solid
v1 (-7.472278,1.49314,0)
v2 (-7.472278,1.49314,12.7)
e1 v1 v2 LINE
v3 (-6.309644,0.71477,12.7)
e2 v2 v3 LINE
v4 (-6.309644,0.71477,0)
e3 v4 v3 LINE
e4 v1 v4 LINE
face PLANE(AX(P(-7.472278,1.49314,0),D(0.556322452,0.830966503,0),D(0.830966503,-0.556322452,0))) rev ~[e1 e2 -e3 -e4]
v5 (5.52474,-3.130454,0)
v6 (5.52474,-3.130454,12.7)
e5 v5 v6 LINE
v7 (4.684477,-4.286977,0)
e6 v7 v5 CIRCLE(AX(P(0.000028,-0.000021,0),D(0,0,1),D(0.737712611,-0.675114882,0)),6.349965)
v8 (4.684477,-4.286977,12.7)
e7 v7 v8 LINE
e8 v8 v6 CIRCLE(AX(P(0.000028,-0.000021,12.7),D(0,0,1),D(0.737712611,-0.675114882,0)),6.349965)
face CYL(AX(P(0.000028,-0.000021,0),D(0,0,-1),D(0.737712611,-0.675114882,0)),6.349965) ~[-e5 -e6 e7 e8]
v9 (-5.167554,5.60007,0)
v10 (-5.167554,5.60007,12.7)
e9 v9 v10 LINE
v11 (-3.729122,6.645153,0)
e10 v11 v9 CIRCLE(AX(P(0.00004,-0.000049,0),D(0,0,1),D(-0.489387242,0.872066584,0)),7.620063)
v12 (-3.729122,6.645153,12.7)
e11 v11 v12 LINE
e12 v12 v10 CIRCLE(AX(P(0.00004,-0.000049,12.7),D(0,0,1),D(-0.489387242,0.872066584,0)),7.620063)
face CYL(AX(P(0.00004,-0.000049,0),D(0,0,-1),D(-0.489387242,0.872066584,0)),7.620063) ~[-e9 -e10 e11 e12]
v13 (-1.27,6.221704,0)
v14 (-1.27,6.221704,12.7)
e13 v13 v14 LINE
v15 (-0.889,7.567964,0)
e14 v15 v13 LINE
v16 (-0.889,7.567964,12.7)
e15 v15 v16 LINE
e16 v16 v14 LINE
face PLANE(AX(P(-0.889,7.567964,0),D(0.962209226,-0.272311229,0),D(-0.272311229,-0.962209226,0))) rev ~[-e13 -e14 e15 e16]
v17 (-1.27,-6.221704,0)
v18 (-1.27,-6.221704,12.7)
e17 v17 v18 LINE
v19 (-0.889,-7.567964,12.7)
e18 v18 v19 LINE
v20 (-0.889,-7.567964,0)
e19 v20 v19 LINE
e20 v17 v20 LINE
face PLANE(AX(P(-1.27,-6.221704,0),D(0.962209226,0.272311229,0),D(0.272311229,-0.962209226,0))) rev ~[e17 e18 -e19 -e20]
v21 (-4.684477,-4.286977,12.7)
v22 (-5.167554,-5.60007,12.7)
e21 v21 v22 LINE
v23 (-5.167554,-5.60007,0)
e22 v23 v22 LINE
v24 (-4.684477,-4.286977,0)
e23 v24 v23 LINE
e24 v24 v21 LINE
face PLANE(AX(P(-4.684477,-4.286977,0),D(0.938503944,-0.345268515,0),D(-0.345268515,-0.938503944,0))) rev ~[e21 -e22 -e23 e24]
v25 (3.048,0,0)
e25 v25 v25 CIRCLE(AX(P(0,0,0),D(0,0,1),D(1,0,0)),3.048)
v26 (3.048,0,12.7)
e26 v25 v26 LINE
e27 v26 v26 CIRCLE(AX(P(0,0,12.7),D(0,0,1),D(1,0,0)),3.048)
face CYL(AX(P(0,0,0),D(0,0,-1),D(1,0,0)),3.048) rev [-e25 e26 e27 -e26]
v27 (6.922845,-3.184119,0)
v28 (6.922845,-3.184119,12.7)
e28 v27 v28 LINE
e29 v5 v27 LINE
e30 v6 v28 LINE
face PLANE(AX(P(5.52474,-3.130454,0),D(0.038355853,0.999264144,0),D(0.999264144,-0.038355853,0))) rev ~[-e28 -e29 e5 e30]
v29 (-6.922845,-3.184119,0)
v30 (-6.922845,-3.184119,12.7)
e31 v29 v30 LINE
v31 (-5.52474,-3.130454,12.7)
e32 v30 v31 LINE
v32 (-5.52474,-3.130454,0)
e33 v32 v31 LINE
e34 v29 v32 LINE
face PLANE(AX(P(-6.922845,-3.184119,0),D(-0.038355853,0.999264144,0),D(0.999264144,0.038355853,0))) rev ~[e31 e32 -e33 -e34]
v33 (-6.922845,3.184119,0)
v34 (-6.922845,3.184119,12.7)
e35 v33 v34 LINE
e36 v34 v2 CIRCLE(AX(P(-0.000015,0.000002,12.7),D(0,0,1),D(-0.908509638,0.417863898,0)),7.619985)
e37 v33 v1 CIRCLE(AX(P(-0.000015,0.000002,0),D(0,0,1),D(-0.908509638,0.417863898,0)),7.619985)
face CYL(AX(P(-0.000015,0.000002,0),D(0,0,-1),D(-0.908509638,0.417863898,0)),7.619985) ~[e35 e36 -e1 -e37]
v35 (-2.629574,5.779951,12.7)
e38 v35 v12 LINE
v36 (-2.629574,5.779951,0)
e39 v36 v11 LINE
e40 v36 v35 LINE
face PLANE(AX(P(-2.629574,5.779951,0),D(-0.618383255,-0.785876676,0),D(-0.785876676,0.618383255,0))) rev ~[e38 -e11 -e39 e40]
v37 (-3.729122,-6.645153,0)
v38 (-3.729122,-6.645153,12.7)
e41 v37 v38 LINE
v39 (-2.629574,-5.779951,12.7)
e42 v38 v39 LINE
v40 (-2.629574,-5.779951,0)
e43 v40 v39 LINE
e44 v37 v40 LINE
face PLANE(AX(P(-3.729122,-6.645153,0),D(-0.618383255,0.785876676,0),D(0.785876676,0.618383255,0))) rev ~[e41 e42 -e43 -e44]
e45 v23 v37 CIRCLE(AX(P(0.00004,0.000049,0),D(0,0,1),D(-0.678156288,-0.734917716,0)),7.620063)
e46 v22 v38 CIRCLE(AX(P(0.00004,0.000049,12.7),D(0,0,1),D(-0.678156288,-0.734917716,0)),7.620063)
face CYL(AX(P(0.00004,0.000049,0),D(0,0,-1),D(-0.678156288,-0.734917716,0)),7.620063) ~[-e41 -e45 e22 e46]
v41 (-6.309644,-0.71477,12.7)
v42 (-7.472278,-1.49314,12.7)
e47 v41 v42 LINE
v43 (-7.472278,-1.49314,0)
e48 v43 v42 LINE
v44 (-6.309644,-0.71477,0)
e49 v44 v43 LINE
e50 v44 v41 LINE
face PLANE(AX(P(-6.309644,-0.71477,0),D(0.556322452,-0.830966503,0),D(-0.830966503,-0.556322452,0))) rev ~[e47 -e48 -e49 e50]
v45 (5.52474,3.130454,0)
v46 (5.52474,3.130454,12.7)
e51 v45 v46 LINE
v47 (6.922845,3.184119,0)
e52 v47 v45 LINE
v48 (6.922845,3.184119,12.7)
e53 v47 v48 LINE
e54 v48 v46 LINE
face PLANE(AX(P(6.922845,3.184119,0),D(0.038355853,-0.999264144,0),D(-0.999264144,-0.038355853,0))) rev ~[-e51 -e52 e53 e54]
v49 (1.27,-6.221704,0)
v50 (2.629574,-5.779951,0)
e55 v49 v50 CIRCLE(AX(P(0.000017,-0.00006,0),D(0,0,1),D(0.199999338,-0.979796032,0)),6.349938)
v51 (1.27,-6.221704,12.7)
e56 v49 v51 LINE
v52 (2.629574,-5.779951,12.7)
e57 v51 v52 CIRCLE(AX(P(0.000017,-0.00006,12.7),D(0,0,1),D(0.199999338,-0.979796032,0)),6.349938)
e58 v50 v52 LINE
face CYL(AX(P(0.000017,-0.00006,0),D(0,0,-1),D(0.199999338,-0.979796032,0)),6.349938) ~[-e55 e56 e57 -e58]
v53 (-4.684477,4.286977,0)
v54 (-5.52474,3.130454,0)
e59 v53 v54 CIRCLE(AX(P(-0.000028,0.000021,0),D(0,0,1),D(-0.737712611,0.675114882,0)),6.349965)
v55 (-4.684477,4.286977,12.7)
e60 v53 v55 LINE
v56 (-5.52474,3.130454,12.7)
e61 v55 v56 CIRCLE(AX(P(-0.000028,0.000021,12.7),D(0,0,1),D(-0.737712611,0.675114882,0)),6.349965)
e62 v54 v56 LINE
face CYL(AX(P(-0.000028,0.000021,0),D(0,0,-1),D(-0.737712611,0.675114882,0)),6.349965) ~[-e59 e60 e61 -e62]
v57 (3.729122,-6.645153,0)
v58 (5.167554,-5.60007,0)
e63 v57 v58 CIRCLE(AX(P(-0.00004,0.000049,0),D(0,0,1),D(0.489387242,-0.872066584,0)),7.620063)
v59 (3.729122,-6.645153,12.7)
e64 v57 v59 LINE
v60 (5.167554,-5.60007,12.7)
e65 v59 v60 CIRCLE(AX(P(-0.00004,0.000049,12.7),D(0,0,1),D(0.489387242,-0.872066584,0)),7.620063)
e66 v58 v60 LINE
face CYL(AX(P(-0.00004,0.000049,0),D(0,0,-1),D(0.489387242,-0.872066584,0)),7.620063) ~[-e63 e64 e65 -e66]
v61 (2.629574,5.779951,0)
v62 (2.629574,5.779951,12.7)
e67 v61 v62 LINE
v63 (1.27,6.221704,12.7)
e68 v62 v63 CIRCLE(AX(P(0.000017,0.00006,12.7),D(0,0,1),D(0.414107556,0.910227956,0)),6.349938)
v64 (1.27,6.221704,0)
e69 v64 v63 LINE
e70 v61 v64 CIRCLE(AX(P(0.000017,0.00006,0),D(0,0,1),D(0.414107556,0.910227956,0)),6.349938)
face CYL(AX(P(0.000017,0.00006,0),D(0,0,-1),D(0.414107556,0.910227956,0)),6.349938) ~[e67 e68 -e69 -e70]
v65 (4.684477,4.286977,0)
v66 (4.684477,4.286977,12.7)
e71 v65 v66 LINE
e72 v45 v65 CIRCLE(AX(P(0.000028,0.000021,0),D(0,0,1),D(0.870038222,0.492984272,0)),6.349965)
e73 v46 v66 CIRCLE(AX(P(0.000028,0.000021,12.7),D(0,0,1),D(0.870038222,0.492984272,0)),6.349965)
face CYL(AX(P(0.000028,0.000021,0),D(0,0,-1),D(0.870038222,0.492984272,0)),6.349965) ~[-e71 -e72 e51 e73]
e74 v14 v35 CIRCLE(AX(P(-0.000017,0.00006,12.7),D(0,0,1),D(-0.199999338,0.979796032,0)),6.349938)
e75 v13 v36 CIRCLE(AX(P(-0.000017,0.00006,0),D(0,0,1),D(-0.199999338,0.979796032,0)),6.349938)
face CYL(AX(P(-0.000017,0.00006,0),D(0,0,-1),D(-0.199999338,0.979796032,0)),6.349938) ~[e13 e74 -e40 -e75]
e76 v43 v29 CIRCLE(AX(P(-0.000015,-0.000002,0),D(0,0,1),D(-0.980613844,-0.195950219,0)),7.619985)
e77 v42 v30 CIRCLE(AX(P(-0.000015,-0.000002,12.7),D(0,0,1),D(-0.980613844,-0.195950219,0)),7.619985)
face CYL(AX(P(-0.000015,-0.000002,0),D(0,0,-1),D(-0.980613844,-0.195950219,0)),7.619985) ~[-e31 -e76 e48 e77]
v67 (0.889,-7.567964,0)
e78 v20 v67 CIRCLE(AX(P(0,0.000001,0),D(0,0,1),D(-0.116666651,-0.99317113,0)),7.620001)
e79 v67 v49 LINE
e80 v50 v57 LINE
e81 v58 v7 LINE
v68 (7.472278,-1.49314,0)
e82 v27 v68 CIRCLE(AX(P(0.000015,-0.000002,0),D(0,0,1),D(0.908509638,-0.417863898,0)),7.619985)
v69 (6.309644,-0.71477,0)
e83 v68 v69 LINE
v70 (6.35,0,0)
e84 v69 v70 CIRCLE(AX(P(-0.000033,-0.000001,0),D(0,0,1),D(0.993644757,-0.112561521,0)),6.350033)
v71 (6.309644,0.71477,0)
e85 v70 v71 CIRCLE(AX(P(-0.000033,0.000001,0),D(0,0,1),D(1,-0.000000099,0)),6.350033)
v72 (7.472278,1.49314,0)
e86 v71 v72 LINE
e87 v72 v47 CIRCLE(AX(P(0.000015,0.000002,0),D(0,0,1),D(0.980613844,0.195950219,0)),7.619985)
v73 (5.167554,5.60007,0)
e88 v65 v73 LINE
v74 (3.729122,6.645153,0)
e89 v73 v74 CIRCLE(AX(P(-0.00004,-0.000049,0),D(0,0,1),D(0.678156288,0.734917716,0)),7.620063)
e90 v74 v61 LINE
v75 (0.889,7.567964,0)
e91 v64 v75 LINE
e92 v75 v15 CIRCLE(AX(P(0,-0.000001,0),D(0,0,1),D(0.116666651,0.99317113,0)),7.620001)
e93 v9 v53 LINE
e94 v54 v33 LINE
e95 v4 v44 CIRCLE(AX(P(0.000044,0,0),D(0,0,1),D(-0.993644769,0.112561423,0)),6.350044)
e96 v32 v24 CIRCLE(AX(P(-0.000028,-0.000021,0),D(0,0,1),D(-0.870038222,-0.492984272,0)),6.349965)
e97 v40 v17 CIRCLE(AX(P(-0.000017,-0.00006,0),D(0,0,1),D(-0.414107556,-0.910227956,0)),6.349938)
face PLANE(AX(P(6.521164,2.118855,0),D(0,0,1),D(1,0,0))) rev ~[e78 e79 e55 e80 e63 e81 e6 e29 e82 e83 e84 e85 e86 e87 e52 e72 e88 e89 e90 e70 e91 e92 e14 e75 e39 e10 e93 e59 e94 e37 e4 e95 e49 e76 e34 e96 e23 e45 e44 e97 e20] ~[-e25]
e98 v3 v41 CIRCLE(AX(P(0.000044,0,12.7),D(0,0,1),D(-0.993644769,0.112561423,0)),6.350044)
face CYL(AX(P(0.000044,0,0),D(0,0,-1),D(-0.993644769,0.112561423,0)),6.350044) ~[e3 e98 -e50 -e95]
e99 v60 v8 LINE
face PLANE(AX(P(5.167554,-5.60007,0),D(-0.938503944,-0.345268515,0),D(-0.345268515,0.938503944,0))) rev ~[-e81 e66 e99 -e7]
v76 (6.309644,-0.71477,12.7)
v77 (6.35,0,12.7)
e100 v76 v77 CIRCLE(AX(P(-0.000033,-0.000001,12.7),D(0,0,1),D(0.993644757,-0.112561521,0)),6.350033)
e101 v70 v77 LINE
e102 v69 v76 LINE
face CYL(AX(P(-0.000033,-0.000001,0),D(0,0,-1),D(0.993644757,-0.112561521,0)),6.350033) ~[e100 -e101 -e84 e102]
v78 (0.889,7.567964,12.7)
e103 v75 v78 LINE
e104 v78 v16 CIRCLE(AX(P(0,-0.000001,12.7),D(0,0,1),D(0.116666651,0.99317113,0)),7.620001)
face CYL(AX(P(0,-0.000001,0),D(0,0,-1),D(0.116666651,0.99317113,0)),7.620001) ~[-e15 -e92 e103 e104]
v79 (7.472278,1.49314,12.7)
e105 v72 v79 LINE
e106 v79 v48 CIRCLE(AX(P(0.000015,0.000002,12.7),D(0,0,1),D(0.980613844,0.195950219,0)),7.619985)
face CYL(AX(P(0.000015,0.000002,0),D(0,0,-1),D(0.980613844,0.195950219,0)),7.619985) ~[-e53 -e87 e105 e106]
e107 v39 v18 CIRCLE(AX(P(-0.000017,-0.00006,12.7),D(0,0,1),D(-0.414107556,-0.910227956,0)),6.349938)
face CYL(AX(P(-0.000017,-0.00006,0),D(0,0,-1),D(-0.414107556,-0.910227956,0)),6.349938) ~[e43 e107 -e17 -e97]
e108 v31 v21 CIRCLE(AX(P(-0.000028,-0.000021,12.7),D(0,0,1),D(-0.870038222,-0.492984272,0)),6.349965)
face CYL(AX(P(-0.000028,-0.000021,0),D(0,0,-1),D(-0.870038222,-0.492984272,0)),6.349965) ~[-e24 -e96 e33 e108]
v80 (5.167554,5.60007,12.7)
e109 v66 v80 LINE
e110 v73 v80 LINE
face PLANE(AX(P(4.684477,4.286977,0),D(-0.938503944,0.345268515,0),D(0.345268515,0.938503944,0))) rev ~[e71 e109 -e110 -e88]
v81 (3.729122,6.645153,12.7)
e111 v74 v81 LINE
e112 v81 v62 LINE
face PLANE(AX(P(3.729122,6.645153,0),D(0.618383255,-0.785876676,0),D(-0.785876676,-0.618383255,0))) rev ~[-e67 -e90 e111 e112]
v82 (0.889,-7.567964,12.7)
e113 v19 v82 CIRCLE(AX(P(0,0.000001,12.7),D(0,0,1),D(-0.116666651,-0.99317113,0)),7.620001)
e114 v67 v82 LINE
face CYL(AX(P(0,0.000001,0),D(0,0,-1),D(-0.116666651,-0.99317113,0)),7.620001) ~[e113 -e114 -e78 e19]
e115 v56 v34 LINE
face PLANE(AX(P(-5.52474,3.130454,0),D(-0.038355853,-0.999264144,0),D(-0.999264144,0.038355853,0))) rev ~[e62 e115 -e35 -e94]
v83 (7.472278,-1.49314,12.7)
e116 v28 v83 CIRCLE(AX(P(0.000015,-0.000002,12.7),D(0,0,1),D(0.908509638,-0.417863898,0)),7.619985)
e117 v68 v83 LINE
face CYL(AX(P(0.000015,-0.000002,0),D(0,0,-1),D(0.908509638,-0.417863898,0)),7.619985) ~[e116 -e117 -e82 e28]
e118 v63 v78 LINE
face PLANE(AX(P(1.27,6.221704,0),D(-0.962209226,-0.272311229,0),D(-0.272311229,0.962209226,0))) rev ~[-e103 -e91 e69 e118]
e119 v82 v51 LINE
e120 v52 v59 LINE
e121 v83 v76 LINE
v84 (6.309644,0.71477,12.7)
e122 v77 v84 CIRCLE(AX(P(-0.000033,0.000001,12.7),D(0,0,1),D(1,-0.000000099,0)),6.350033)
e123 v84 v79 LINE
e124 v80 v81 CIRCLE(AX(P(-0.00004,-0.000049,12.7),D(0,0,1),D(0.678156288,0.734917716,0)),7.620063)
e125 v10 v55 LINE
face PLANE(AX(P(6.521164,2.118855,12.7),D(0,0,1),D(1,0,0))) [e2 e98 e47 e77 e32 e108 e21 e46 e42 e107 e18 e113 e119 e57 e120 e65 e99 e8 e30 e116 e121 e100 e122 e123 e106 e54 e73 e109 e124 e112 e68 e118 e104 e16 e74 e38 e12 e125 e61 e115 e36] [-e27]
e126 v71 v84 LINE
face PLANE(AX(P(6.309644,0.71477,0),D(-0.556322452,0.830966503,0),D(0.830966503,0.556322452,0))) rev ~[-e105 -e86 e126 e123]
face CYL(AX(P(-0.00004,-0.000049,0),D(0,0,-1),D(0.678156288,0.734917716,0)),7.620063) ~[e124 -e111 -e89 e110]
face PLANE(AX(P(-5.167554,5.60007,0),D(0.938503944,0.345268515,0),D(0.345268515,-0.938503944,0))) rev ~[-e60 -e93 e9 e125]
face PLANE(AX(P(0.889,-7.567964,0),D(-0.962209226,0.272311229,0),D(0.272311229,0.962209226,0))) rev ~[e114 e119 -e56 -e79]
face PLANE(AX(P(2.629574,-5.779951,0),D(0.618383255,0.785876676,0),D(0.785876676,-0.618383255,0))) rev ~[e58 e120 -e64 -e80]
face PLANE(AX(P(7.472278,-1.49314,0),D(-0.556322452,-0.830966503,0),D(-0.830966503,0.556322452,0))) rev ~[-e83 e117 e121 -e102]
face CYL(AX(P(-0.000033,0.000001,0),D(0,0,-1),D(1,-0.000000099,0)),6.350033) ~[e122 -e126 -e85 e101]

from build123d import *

# Parameters (mm, degrees)
F0_R     = 3.048
F1_DEPTH = 12.7


with BuildPart() as f1:
    # F0 (on Top) → F1 (new body)
    with BuildSketch(Plane.XY):
        with BuildLine():
            Line((6.309644, 0.71477), (7.472278, 1.49314))
            ThreePointArc((7.472278, 1.49314), (7.247051, 2.354709), (6.922845, 3.184119))
            Line((6.922845, 3.184119), (5.52474, 3.130454))
            ThreePointArc((5.52474, 3.130454), (6.039209, 1.962258), (6.309644, 0.71477))
        make_face()
        with BuildLine():
            Line((4.684477, 4.286977), (5.167554, 5.60007))
            ThreePointArc((5.167554, 5.60007), (4.478924, 6.164709), (3.729122, 6.645153))
            Line((3.729122, 6.645153), (2.629574, 5.779951))
            ThreePointArc((2.629574, 5.779951), (3.732436, 5.137258), (4.684477, 4.286977))
        make_face()
        with BuildLine():
            Line((1.27, 6.221704), (0.889, 7.567964))
            ThreePointArc((0.889, 7.567964), (0, 7.62), (-0.889, 7.567964))
            Line((-0.889, 7.567964), (-1.27, 6.221704))
            ThreePointArc((-1.27, 6.221704), (0, 6.35), (1.27, 6.221704))
        make_face()
        with BuildLine():
            Line((-2.629574, 5.779951), (-3.729122, 6.645153))
            ThreePointArc((-3.729122, 6.645153), (-4.478924, 6.164709), (-5.167554, 5.60007))
            Line((-5.167554, 5.60007), (-4.684477, 4.286977))
            ThreePointArc((-4.684477, 4.286977), (-3.732436, 5.137258), (-2.629574, 5.779951))
        make_face()
        with BuildLine():
            Line((-5.52474, 3.130454), (-6.922845, 3.184119))
            ThreePointArc((-6.922845, 3.184119), (-7.247051, 2.354709), (-7.472278, 1.49314))
            Line((-7.472278, 1.49314), (-6.309644, 0.71477))
            ThreePointArc((-6.309644, 0.71477), (-6.039209, 1.962258), (-5.52474, 3.130454))
        make_face()
        with BuildLine():
            ThreePointArc((-7.472278, -1.49314), (-7.247051, -2.354709), (-6.922845, -3.184119))
            Line((-6.922845, -3.184119), (-5.52474, -3.130454))
            ThreePointArc((-5.52474, -3.130454), (-6.039209, -1.962258), (-6.309644, -0.71477))
            Line((-6.309644, -0.71477), (-7.472278, -1.49314))
        make_face()
        with BuildLine():
            ThreePointArc((-5.167554, -5.60007), (-4.478924, -6.164709), (-3.729122, -6.645153))
            Line((-3.729122, -6.645153), (-2.629574, -5.779951))
            ThreePointArc((-2.629574, -5.779951), (-3.732436, -5.137258), (-4.684477, -4.286977))
            Line((-4.684477, -4.286977), (-5.167554, -5.60007))
        make_face()
        with BuildLine():
            ThreePointArc((-0.889, -7.567964), (0, -7.62), (0.889, -7.567964))
            Line((0.889, -7.567964), (1.27, -6.221704))
            ThreePointArc((1.27, -6.221704), (0, -6.35), (-1.27, -6.221704))
            Line((-1.27, -6.221704), (-0.889, -7.567964))
        make_face()
        with BuildLine():
            ThreePointArc((3.729122, -6.645153), (4.478924, -6.164709), (5.167554, -5.60007))
            Line((5.167554, -5.60007), (4.684477, -4.286977))
            ThreePointArc((4.684477, -4.286977), (3.732436, -5.137258), (2.629574, -5.779951))
            Line((2.629574, -5.779951), (3.729122, -6.645153))
        make_face()
        with BuildLine():
            ThreePointArc((6.922845, -3.184119), (7.247051, -2.354709), (7.472278, -1.49314))
            Line((7.472278, -1.49314), (6.309644, -0.71477))
            ThreePointArc((6.309644, -0.71477), (6.039209, -1.962258), (5.52474, -3.130454))
            Line((5.52474, -3.130454), (6.922845, -3.184119))
        make_face()
        with BuildLine():
            ThreePointArc((6.35, 0), (6.339903, 0.357954), (6.309644, 0.71477))
            ThreePointArc((6.309644, 0.71477), (6.039209, 1.962258), (5.52474, 3.130454))
            ThreePointArc((5.52474, 3.130454), (5.137258, 3.732436), (4.684477, 4.286977))
            ThreePointArc((4.684477, 4.286977), (3.732436, 5.137258), (2.629574, 5.779951))
            ThreePointArc((2.629574, 5.779951), (1.962258, 6.039209), (1.27, 6.221704))
            ThreePointArc((1.27, 6.221704), (0, 6.35), (-1.27, 6.221704))
            ThreePointArc((-1.27, 6.221704), (-1.962258, 6.039209), (-2.629574, 5.779951))
            ThreePointArc((-2.629574, 5.779951), (-3.732436, 5.137258), (-4.684477, 4.286977))
            ThreePointArc((-4.684477, 4.286977), (-5.137258, 3.732436), (-5.52474, 3.130454))
            ThreePointArc((-5.52474, 3.130454), (-6.039209, 1.962258), (-6.309644, 0.71477))
            ThreePointArc((-6.309644, 0.71477), (-6.35, 0), (-6.309644, -0.71477))
            ThreePointArc((-6.309644, -0.71477), (-6.039209, -1.962258), (-5.52474, -3.130454))
            ThreePointArc((-5.52474, -3.130454), (-5.137258, -3.732436), (-4.684477, -4.286977))
            ThreePointArc((-4.684477, -4.286977), (-3.732436, -5.137258), (-2.629574, -5.779951))
            ThreePointArc((-2.629574, -5.779951), (-1.962258, -6.039209), (-1.27, -6.221704))
            ThreePointArc((-1.27, -6.221704), (0, -6.35), (1.27, -6.221704))
            ThreePointArc((1.27, -6.221704), (1.962258, -6.039209), (2.629574, -5.779951))
            ThreePointArc((2.629574, -5.779951), (3.732436, -5.137258), (4.684477, -4.286977))
            ThreePointArc((4.684477, -4.286977), (5.137258, -3.732436), (5.52474, -3.130454))
            ThreePointArc((5.52474, -3.130454), (6.039209, -1.962258), (6.309644, -0.71477))
            ThreePointArc((6.309644, -0.71477), (6.339903, -0.357954), (6.35, 0))
        make_face()
        Circle(F0_R, mode=Mode.SUBTRACT)
    extrude(amount=F1_DEPTH)


solid = f1.part
